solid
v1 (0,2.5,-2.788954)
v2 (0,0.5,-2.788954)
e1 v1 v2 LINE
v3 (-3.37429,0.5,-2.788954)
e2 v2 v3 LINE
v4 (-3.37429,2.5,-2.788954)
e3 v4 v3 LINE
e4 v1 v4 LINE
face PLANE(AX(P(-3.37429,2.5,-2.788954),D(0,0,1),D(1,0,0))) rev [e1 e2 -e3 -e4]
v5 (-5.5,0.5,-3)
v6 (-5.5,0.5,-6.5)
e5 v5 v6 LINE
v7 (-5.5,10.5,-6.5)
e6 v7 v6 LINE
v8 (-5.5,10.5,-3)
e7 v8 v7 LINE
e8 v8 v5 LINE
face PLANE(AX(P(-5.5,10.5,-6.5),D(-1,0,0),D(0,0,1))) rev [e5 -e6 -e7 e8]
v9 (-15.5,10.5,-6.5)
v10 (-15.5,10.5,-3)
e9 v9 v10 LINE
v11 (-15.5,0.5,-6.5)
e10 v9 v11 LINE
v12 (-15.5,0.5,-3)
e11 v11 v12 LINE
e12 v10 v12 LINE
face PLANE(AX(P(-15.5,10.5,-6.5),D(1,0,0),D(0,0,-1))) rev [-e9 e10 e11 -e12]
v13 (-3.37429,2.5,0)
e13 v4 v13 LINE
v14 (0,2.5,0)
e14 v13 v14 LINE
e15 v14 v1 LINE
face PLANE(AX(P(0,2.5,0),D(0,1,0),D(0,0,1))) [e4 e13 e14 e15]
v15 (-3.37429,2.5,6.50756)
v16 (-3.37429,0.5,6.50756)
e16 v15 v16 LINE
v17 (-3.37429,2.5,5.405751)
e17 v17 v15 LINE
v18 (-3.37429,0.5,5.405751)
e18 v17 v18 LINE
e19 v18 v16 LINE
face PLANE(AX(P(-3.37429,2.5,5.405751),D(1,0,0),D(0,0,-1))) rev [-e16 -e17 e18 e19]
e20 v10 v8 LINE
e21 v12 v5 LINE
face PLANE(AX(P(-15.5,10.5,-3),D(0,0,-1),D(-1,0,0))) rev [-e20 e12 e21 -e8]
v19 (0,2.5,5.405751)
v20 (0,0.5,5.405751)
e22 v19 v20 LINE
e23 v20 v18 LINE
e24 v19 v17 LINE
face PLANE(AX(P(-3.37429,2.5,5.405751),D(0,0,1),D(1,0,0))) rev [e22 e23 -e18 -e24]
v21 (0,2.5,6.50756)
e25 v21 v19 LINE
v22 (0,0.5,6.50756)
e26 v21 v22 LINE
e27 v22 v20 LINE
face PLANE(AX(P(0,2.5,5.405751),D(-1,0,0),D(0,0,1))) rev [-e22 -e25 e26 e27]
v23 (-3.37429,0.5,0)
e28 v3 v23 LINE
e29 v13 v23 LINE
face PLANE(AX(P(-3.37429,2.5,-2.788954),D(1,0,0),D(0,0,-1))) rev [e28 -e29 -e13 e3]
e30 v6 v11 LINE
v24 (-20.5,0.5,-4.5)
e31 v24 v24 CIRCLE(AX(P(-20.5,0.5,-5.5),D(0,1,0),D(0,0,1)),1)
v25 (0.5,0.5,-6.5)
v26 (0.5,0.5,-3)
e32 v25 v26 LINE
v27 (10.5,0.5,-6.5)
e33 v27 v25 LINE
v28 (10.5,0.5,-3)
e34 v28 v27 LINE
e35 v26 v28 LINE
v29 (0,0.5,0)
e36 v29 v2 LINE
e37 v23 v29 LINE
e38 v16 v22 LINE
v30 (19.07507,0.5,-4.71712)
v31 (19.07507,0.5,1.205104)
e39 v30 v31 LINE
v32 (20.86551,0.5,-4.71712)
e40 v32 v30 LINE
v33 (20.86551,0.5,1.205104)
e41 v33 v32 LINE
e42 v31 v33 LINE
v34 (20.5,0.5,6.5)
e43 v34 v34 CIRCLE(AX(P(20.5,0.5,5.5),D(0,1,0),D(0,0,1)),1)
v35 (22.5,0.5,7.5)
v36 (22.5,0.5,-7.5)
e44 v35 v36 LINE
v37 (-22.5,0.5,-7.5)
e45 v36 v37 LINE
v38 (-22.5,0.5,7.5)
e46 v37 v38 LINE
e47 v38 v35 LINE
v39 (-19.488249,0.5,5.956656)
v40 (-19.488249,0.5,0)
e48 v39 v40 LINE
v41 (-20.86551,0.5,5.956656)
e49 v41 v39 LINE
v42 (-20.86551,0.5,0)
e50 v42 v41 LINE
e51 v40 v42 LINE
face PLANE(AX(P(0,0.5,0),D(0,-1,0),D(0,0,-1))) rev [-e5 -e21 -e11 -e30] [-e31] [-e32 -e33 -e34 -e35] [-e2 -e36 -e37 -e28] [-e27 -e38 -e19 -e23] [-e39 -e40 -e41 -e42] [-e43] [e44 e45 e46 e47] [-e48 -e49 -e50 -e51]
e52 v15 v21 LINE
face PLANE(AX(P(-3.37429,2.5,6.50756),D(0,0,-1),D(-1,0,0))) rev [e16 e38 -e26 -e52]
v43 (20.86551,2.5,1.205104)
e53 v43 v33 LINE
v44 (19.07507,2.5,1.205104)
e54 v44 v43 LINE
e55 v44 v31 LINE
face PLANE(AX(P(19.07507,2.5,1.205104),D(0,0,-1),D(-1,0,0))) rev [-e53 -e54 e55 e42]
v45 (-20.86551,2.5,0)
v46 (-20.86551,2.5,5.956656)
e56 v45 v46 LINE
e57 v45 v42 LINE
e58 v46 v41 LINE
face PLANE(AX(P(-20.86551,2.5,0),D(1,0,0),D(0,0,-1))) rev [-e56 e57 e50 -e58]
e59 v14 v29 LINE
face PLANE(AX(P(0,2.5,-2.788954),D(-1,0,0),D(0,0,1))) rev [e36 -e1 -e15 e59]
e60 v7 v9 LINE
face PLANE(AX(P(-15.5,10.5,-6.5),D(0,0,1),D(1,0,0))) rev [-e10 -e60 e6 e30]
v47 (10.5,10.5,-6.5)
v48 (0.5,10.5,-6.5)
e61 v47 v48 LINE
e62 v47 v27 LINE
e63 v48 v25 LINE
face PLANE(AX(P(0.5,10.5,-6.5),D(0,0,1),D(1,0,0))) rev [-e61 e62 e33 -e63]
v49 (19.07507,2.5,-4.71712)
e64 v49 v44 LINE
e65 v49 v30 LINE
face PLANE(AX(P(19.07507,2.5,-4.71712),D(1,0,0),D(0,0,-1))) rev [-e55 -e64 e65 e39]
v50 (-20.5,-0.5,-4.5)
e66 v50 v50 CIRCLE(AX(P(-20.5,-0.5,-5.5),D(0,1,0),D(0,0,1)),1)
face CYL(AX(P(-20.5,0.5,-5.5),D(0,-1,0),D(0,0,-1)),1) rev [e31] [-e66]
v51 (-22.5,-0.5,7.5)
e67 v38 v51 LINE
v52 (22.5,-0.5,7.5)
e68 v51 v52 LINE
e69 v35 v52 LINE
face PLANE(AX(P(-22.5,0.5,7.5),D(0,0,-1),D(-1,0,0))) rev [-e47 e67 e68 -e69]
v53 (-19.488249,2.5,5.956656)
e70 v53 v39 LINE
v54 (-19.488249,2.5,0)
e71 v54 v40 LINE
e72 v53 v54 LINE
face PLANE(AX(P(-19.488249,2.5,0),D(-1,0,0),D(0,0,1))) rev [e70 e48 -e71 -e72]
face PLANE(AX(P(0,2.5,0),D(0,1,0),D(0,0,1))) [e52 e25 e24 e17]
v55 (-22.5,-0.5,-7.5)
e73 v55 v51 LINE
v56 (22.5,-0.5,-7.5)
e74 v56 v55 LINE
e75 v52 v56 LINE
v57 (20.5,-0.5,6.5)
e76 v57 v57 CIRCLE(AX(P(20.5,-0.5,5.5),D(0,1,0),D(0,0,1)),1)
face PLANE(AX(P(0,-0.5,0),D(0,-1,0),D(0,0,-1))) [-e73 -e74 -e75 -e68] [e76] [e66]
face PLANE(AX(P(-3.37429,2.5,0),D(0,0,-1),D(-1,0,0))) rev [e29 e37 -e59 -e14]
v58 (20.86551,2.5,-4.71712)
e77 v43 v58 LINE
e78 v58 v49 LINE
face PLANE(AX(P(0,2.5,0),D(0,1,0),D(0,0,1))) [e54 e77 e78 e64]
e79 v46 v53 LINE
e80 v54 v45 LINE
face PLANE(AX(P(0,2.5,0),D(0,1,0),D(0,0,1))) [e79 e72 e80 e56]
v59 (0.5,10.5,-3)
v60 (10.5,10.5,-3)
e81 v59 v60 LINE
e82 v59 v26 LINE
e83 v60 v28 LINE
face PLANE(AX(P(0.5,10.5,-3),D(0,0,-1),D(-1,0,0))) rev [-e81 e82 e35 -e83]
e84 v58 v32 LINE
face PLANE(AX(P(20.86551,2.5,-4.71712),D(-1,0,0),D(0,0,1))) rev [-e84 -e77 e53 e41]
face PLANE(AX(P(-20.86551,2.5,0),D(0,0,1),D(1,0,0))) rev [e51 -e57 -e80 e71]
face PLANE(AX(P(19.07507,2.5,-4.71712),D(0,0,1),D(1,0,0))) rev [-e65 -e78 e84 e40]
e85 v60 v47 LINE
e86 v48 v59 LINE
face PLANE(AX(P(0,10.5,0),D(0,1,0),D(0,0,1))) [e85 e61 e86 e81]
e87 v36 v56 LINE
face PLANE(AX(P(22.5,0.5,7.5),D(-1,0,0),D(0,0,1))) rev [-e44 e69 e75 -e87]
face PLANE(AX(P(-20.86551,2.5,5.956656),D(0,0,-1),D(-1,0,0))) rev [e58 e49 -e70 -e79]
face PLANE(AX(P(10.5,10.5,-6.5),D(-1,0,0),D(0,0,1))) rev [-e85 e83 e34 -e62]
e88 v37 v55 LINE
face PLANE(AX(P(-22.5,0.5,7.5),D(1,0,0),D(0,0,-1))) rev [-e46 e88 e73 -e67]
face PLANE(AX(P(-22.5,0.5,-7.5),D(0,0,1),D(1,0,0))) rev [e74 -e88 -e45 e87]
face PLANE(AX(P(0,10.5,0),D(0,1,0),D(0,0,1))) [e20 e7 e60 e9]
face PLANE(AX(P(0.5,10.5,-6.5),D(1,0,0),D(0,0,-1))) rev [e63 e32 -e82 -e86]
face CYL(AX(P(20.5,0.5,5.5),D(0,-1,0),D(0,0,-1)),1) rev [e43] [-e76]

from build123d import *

# Parameters (mm, degrees)
SKETCH1_W           = 45
SKETCH1_H           = 15
SKETCH1_R           = 1
BOSS_EXTRUDE1_DEPTH = 0.5
SKETCH2_W           = 10
SKETCH2_H           = 3.5
BOSS_EXTRUDE2_DEPTH = 10
SKETCH3_W           = 3.374290432
SKETCH3_H           = 2.788954337
SKETCH3_W_2         = 1.377261401
SKETCH3_H_2         = 5.956655559
SKETCH3_H_3         = 1.10180912
SKETCH3_W_3         = 1.790439821
SKETCH3_H_4         = 5.922224024
BOSS_EXTRUDE3_DEPTH = 2


with BuildPart() as part:
    # Sketch1 → Boss-Extrude1 (new, symmetric)
    with BuildSketch(Plane(origin=(0, 0, 0), x_dir=(1, 0, 0), z_dir=(0, 1, 0))):
        Rectangle(SKETCH1_W, SKETCH1_H)
        with Locations(Location((-20.5, 5.5, 0), (0, 0, 270))):
            Circle(SKETCH1_R, mode=Mode.SUBTRACT)
        with Locations(Location((20.5, -5.5, 0), (0, 0, 270))):
            Circle(SKETCH1_R, mode=Mode.SUBTRACT)
    extrude(amount=BOSS_EXTRUDE1_DEPTH, both=True)

    # Sketch2 → Boss-Extrude2 (add)
    with BuildSketch(Plane(origin=(0, 0.5, 0), x_dir=(1, 0, 0), z_dir=(0, 1, 0))):
        with Locations((-10.5, 4.75)):
            Rectangle(SKETCH2_W, SKETCH2_H)
        with Locations((5.5, 4.75)):
            Rectangle(SKETCH2_W, SKETCH2_H)
    extrude(amount=BOSS_EXTRUDE2_DEPTH)

    # Sketch3 → Boss-Extrude3 (add)
    with BuildSketch(Plane(origin=(0, 0.5, 0), x_dir=(1, 0, 0), z_dir=(0, 1, 0))):
        with Locations((-1.687145216, 1.394477169)):
            Rectangle(SKETCH3_W, SKETCH3_H)
        with Locations((-20.176879524, -2.97832778)):
            Rectangle(SKETCH3_W_2, SKETCH3_H_2)
        with Locations((-1.687145216, -5.956655559)):
            Rectangle(SKETCH3_W, SKETCH3_H_3)
        with Locations((19.970290314, 1.756008286)):
            Rectangle(SKETCH3_W_3, SKETCH3_H_4)
    extrude(amount=BOSS_EXTRUDE3_DEPTH)


solid = part.part
